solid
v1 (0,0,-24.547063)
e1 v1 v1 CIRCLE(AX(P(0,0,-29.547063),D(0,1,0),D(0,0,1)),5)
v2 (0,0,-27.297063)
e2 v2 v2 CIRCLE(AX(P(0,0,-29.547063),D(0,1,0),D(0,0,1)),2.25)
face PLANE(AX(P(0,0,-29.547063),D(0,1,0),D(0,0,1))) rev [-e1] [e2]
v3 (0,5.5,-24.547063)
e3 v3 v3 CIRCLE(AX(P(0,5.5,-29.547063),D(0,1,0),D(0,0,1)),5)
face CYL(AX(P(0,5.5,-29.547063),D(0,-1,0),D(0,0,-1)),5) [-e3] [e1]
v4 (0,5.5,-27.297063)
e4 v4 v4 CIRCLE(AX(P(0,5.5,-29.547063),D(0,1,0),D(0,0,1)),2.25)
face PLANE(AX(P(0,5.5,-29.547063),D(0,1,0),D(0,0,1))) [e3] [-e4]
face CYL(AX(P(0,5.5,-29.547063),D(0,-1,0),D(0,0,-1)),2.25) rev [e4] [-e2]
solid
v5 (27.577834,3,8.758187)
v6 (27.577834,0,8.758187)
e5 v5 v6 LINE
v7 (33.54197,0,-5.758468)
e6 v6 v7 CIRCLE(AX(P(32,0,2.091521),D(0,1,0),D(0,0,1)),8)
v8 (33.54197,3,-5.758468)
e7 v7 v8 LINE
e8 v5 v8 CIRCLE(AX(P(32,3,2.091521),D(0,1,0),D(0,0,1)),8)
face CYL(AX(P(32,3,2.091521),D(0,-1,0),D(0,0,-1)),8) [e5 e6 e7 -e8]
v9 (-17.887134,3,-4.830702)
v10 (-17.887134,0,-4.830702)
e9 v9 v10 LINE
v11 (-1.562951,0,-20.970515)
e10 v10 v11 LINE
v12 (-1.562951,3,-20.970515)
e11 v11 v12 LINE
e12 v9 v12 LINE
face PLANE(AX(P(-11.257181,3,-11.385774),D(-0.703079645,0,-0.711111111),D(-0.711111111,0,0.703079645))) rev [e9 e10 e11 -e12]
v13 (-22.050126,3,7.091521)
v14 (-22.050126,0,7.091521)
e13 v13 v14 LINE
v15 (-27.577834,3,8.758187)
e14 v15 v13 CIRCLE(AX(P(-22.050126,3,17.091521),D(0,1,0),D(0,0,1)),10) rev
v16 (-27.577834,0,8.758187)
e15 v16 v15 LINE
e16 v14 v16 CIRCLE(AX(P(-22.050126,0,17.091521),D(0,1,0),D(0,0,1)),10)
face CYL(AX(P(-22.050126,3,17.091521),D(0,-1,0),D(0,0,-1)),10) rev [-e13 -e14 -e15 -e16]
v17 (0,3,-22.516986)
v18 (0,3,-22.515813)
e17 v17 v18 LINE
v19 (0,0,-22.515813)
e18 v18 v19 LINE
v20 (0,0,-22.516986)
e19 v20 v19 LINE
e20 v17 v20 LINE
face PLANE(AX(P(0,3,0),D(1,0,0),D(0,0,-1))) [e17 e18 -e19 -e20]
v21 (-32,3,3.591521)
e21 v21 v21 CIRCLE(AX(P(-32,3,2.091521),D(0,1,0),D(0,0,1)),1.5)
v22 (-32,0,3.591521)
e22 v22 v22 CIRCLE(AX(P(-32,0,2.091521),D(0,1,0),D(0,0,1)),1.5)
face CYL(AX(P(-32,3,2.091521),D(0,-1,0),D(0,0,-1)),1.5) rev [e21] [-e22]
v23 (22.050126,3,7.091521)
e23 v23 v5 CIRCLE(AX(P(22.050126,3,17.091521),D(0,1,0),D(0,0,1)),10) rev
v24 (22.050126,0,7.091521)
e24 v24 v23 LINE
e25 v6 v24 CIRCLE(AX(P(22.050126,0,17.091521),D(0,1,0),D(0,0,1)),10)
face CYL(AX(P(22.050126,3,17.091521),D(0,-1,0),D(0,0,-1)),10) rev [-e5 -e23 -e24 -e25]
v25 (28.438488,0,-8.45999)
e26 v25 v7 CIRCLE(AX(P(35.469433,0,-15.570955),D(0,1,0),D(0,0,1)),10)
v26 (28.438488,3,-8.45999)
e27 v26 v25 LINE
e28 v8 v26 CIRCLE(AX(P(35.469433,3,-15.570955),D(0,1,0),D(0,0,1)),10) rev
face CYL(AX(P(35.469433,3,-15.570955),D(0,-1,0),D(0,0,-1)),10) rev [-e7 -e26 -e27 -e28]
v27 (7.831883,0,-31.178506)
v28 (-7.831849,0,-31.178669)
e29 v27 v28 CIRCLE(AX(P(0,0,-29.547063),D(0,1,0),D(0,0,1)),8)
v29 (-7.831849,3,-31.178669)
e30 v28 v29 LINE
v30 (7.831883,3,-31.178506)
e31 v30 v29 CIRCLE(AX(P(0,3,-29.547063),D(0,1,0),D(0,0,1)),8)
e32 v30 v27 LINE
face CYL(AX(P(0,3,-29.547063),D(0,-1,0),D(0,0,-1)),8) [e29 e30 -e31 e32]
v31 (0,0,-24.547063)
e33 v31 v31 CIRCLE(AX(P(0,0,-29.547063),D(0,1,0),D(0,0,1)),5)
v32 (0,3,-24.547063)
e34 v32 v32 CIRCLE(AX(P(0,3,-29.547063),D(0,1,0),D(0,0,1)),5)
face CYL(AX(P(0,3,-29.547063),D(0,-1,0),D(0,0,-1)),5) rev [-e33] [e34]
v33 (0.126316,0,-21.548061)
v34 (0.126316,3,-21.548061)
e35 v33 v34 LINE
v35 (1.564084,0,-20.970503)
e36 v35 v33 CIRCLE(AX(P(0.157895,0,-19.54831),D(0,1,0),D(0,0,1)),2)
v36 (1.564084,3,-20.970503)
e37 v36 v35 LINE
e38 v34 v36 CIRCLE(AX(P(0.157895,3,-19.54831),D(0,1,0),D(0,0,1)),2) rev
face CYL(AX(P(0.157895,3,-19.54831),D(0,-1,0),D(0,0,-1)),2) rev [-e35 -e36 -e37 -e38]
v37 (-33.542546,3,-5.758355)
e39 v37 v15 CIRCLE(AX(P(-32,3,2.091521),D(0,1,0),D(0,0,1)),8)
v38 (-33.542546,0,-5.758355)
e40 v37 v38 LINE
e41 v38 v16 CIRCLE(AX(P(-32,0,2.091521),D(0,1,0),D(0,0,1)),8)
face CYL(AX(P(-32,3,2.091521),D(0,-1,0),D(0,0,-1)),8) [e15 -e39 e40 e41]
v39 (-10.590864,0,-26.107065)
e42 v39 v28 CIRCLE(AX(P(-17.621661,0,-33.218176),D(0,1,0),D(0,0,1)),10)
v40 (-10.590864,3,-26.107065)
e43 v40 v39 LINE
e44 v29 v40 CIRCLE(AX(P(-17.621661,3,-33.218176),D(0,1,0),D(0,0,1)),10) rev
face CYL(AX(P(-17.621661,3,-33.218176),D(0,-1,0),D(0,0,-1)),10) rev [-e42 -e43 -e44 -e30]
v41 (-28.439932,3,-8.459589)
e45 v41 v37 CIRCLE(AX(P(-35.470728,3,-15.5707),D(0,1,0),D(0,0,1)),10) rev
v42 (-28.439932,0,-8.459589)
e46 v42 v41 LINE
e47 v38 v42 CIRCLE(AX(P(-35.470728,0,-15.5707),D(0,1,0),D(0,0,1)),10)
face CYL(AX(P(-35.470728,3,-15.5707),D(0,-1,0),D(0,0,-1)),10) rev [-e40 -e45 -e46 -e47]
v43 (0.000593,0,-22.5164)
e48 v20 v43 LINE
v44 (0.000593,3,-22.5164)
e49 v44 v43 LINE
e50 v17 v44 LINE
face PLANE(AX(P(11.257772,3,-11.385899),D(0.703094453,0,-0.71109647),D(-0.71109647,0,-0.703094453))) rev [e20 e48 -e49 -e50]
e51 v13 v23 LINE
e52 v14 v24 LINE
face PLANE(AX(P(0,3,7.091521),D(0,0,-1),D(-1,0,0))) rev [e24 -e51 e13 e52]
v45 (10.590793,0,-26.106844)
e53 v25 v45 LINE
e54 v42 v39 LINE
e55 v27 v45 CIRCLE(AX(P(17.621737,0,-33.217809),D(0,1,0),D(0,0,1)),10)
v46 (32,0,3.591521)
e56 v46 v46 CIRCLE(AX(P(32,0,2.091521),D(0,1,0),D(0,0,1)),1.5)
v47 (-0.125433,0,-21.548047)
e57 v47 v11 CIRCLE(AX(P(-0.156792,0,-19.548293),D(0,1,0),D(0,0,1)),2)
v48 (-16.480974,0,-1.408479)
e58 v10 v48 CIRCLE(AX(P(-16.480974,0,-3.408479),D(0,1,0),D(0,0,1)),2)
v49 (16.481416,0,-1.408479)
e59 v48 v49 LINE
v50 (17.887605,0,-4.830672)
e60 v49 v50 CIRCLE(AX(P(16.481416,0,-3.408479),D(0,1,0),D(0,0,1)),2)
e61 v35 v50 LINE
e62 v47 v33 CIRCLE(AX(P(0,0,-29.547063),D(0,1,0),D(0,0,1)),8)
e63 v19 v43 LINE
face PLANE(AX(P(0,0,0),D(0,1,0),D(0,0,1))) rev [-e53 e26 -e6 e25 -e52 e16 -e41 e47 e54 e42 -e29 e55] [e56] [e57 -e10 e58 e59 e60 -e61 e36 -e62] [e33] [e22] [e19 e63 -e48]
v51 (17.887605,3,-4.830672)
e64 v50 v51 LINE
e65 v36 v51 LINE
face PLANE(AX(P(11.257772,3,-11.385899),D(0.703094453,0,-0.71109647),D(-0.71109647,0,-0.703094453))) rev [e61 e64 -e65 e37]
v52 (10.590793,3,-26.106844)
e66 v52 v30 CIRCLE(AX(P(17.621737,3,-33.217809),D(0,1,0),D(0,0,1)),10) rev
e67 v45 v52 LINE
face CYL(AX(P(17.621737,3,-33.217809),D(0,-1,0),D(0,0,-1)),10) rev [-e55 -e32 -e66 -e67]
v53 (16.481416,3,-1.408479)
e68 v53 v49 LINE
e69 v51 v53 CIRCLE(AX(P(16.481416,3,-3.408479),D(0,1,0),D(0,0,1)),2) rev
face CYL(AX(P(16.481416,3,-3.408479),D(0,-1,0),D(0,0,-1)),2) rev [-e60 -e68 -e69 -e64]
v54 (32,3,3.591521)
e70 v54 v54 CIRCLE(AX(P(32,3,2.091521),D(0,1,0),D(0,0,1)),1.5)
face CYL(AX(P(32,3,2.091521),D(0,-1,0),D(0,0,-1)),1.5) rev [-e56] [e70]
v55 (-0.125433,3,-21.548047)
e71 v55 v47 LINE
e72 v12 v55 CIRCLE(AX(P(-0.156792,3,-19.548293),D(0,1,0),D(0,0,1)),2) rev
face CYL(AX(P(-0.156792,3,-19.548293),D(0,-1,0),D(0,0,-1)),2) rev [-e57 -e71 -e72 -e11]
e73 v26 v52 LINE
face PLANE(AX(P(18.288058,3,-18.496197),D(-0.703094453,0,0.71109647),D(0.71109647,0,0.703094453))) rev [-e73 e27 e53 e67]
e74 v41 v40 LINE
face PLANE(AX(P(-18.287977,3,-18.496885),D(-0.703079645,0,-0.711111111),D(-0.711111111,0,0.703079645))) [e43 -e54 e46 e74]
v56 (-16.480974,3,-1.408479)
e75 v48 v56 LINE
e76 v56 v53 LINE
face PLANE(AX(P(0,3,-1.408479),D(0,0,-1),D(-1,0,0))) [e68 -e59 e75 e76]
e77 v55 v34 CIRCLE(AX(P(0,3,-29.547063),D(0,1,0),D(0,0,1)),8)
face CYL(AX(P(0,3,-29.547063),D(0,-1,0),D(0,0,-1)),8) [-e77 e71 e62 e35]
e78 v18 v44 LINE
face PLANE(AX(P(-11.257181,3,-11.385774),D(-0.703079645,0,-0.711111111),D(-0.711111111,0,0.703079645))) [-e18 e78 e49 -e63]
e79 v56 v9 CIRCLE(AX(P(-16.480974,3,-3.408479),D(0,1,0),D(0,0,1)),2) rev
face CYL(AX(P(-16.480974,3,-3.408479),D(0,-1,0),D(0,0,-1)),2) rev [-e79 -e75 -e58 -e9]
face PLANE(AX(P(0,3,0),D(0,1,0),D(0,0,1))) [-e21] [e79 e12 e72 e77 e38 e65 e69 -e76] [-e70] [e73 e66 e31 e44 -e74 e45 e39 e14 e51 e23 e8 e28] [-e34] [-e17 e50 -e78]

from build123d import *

# Parameters (mm, degrees)
SKETCH2_R                = 1.5
SKETCH2_R_2              = 5
BOSS_EXTRUDE1_DEPTH      = 3
FILLET1_R                = 10
FILLET2_R                = 2
BOSS_EXTRUDE2_DEPTH      = 2.5
BOSS_EXTRUDE2_DEPTH_BACK = 3
SKETCH3_R                = 5
SKETCH3_R_2              = 2.25


with BuildPart() as part:
    # Sketch2 → Boss-Extrude1 (new body)
    with BuildSketch(Plane(origin=(0, 0, 0), x_dir=(1, 0, 0), z_dir=(0, 1, 0))):
        with BuildLine():
            Line((-25.755002002, -7.091520556), (25.755002002, -7.091520556))
            ThreePointArc((25.755002002, -7.091520556), (39.399896119, -5.131510265), (31.07348397, 5.854646321))
            Line((31.07348397, 5.854646321), (7.956268299, 28.711722383))
            ThreePointArc((7.956268299, 28.711722383), (8.3294e-05, 37.547063483), (-7.956285692, 28.711888061))
            Line((-7.956285692, 28.711888061), (-31.074510761, 5.854765977))
            ThreePointArc((-31.074510761, 5.854765977), (-39.399699694, -5.131988356), (-25.755002002, -7.091520556))
        make_face()
        with Locations(Location((-32, -2.091520556, 0), (0, 0, 270))):
            Circle(SKETCH2_R, mode=Mode.SUBTRACT)
        with Locations(Location((32, -2.091520556, 0), (0, 0, 270))):
            Circle(SKETCH2_R, mode=Mode.SUBTRACT)
        with BuildLine():
            Line((0.92651603, 21.600896605), (21.348745942, 1.408479444))
            Line((21.348745942, 1.408479444), (-21.34844873, 1.408479444))
            Line((-21.34844873, 1.408479444), (-0.925489239, 21.60077695))
            ThreePointArc((-0.925489239, 21.60077695), (0.00051687, 21.5470635), (0.92651603, 21.600896605))
        make_face(mode=Mode.SUBTRACT)
        Polygon((0, 22.515813483), (0, 22.516986487), (0.000593189, 22.516399973), align=None, mode=Mode.SUBTRACT)
        with Locations(Location((0, 29.547063483, 0), (0, 0, 270))):
            Circle(SKETCH2_R_2, mode=Mode.SUBTRACT)
    extrude(amount=BOSS_EXTRUDE1_DEPTH)

    # Fillet1
    fillet1_edges = [part.edges().sort_by_distance(p)[0] for p in [
        (-25.755002002, 1.5, 7.091520556),
        (-31.074510761, 1.5, -5.854765977),
        (-7.956285692, 1.5, -28.711888061),
        (7.956268299, 1.5, -28.711722383),
        (31.07348397, 1.5, -5.854646321),
        (25.755002002, 1.5, 7.091520556),
    ]]
    fillet(fillet1_edges, radius=FILLET1_R)

    # Fillet2
    fillet2_edges = [part.edges().sort_by_distance(p)[0] for p in [
        (0.92651603, 1.5, -21.600896605),
        (-0.925489239, 1.5, -21.60077695),
        (-21.34844873, 1.5, -1.408479444),
        (21.348745942, 1.5, -1.408479444),
    ]]
    fillet(fillet2_edges, radius=FILLET2_R)


with BuildPart() as body_2:
    # Sketch3 → Boss-Extrude2 (new, two sides: drawn at the far end of the back side and taken through both)
    with BuildSketch(Plane(origin=(0, 3, 0), x_dir=(1, 0, 0), z_dir=(0, 1, 0)).offset(-BOSS_EXTRUDE2_DEPTH_BACK)):
        with Locations(Location((0, 29.547063483, 0), (0, 0, 270))):
            Circle(SKETCH3_R)
        with Locations(Location((0, 29.547063483, 0), (0, 0, 270))):
            Circle(SKETCH3_R_2, mode=Mode.SUBTRACT)
    extrude(amount=BOSS_EXTRUDE2_DEPTH + BOSS_EXTRUDE2_DEPTH_BACK)


solid = Compound([part.part, body_2.part])
